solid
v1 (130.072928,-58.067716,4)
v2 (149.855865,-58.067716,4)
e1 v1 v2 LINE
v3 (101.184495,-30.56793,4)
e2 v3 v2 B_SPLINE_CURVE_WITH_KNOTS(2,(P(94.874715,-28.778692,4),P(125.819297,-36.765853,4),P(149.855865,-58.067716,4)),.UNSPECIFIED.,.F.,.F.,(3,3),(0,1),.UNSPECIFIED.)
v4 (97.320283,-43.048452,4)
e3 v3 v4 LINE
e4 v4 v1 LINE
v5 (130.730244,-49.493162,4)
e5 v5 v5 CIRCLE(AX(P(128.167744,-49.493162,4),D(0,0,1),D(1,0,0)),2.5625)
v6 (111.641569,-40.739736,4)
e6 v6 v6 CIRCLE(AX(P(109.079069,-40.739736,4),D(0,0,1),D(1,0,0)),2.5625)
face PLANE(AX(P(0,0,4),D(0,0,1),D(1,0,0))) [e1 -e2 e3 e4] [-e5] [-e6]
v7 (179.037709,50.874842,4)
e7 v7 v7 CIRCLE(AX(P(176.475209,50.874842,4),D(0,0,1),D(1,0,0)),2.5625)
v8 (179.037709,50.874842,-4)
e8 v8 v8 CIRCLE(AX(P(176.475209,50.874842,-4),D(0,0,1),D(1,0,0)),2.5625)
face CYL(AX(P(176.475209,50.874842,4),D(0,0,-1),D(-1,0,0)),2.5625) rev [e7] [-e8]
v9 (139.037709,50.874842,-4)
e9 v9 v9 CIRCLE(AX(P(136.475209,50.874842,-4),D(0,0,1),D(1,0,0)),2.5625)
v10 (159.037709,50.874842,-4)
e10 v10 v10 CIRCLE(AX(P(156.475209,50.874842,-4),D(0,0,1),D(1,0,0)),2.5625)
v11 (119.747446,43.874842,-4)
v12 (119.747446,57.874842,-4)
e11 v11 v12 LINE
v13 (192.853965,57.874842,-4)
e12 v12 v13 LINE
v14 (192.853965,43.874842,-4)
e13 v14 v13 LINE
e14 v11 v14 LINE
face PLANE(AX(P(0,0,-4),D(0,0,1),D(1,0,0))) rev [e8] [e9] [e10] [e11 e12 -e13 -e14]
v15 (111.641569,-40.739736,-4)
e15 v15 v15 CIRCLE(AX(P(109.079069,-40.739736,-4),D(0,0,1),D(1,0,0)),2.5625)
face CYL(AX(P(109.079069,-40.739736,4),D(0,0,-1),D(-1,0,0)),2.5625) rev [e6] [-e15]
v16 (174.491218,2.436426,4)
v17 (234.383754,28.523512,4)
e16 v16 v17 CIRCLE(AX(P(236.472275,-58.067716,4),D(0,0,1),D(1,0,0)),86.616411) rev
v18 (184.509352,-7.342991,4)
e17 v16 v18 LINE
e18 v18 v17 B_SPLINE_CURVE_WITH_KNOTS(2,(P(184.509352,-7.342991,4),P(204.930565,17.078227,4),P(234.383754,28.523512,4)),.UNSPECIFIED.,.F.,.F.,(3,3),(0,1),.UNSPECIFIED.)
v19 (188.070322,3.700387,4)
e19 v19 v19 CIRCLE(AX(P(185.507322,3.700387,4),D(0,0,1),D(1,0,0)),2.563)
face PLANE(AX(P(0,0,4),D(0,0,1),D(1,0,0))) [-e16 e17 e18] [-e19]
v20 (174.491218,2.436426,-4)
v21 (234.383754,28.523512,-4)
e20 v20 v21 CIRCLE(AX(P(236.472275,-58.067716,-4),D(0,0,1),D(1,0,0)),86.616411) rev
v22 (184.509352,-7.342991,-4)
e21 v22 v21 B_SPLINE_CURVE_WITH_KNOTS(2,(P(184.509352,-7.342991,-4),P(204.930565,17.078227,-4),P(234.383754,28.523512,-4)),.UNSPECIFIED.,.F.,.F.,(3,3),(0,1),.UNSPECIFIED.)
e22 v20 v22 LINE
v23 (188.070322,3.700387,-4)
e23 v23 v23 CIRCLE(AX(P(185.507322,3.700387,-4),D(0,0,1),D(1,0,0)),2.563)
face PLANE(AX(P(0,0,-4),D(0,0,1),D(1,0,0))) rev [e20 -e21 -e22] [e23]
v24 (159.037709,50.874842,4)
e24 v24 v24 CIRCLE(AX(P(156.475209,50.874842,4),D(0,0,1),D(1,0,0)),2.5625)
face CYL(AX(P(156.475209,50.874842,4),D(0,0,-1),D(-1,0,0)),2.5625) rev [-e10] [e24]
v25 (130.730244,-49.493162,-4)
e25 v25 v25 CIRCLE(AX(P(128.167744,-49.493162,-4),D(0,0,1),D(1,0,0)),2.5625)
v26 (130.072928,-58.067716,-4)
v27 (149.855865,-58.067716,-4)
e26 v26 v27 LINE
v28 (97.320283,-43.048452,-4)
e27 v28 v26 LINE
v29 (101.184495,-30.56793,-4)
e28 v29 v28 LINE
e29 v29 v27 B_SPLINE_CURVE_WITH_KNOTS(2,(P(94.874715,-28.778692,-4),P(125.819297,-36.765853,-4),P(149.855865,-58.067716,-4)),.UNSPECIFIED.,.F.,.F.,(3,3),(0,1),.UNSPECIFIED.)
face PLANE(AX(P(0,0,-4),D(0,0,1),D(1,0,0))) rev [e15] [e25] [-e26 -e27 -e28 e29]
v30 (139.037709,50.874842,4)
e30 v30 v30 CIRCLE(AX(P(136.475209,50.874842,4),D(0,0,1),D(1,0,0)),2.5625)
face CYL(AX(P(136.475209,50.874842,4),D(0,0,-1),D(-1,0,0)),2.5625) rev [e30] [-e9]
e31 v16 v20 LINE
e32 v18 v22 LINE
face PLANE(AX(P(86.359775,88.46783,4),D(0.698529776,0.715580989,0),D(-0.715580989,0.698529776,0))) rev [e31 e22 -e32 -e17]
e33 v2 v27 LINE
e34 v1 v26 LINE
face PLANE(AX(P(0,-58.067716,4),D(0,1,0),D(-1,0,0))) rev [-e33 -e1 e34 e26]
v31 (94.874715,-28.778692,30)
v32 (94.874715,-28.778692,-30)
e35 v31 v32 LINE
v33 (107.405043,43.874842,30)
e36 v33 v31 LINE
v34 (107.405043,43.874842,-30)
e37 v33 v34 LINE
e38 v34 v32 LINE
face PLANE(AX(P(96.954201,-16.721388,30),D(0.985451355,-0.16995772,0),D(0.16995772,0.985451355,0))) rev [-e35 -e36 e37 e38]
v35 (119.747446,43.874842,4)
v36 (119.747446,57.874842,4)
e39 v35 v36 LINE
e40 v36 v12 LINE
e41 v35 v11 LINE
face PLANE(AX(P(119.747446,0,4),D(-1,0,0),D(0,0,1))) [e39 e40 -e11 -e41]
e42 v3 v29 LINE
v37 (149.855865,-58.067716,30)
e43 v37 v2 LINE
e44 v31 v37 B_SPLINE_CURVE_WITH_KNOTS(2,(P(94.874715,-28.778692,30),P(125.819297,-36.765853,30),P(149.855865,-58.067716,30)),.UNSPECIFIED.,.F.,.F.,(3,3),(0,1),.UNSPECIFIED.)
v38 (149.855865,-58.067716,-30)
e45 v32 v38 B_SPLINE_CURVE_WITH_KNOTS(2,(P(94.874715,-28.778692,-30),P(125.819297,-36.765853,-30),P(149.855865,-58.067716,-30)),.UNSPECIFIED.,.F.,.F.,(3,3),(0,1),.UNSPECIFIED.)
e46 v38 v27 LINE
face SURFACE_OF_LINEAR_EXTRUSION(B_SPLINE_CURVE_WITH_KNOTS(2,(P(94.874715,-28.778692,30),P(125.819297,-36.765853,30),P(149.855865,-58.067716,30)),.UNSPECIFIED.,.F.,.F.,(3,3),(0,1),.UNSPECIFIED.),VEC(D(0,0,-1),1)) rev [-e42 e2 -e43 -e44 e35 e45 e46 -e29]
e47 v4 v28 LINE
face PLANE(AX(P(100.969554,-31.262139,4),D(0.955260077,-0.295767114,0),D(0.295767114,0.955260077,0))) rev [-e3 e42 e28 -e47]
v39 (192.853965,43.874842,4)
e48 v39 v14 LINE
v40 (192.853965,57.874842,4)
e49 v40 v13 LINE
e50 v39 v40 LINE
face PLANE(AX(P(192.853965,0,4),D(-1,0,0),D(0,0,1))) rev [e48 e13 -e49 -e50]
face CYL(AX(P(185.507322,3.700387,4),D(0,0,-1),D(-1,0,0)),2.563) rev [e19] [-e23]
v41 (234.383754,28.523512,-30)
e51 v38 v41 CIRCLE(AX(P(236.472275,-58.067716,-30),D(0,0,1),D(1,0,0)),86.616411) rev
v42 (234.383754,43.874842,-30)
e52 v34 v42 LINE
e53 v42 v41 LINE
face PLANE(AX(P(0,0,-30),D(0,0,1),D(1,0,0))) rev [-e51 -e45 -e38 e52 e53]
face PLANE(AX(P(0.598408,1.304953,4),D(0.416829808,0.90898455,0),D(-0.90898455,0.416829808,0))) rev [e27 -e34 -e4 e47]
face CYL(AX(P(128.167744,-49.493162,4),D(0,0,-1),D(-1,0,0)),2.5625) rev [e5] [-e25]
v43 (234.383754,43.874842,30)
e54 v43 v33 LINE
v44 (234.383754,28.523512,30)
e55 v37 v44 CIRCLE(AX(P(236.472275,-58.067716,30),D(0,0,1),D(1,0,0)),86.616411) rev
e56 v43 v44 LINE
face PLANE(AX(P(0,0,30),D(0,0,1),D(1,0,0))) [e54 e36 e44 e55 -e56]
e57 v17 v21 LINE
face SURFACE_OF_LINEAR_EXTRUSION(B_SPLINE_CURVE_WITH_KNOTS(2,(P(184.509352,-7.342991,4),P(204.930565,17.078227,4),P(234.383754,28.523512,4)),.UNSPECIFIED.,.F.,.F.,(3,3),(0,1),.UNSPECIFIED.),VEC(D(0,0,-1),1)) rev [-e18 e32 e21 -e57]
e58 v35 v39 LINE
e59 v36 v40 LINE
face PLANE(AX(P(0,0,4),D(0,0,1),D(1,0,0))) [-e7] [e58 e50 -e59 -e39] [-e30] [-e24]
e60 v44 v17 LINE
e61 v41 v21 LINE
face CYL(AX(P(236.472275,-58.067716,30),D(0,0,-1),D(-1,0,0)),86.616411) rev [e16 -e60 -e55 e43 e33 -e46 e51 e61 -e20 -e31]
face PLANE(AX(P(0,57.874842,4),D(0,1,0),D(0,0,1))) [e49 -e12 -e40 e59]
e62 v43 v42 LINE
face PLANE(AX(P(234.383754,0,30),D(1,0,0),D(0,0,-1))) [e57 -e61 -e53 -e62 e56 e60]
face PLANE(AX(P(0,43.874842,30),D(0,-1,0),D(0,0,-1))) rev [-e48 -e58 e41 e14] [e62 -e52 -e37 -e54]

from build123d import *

# Parameters (mm, degrees)
RIGHT_MAIN_DEPTH    = 30
SKETCH2_R           = 2.5625
SKETCH2_R_2         = 2.563
RIGHTSCREWS_DEPTH   = 4
LEFT_MAIN_START     = -30
LEFT_MAIN_DEPTH     = 30
BOSS_EXTRUDE4_START = -4
LEFTSCRWS_R         = 2.5625
LEFTSCRWS_R_2       = 2.563
BOSS_EXTRUDE4_DEPTH = 4


with BuildPart() as part:
    # Sketch1 → right_main (new body)
    with BuildSketch(Plane.XY):
        with BuildLine():
            Line((107.405043491, 43.874842), (94.874715104, -28.778692489))
            add(Edge.make_bspline(
                [(94.874715104, -28.778692489), (125.81929731, -36.765852729), (149.855864514, -58.067716007)],
                knots=[0, 0, 0, 1, 1, 1], degree=2))
            Line((149.855864514, -58.067716007), (149.855864514, 43.874842))
            Line((149.855864514, 43.874842), (107.405043491, 43.874842))
        make_face()
        Polygon((149.855864514, 43.874842), (149.855864514, 28.52351163), (234.383754043, 28.52351163), (234.383754043, 43.874842), (192.853964769, 43.874842), align=None)
        with BuildLine():
            Line((149.855864514, 28.52351163), (149.855864514, -58.067716007))
            ThreePointArc((149.855864514, -58.067716007), (156.250771623, -25.404082318), (174.491218383, 2.436426025))
            ThreePointArc((174.491218383, 2.436426025), (201.883813055, 21.342868309), (234.383754043, 28.52351163))
            Line((234.383754043, 28.52351163), (149.855864514, 28.52351163))
        make_face()
    extrude(amount=RIGHT_MAIN_DEPTH)

    # Sketch2 → rightScrews (add)
    # profile 1 of 3: a face of its own
    with BuildSketch(Plane.XY):
        Polygon((119.747446117, 43.874842), (149.855864514, 43.874842), (192.853964769, 43.874842), (192.853964769, 57.874842), (119.747446117, 57.874842), align=None)
        with Locations((136.47520886, 50.874842)):
            Circle(SKETCH2_R, mode=Mode.SUBTRACT)
        with Locations((156.47520886, 50.874842)):
            Circle(SKETCH2_R, mode=Mode.SUBTRACT)
        with Locations((176.47520886, 50.874842)):
            Circle(SKETCH2_R, mode=Mode.SUBTRACT)
    # profile 2 of 3: a face of its own
    with BuildSketch(Plane.XY):
        with BuildLine():
            ThreePointArc((234.383754043, 28.52351163), (201.883813055, 21.342868309), (174.491218383, 2.436426025))
            Line((174.491218383, 2.436426025), (184.509352234, -7.342990836))
            add(Edge.make_bspline(
                [(184.509352234, -7.342990836), (204.930565052, 17.078226951), (234.383754043, 28.52351163)],
                knots=[0, 0, 0, 1, 1, 1], degree=2))
        make_face()
        with Locations((185.50732181, 3.700386733)):
            Circle(SKETCH2_R_2, mode=Mode.SUBTRACT)
    # profile 3 of 3: a face of its own
    with BuildSketch(Plane.XY):
        with BuildLine():
            Line((130.072927577, -58.067716007), (149.855864514, -58.067716007))
            add(Edge.make_bspline(
                [(101.184495321, -30.567929509), (128.298436124, -38.962933352), (149.855864514, -58.067716007)],
                knots=[0.103140303, 0.103140303, 0.103140303, 1, 1, 1], degree=2))
            Line((101.184495321, -30.567929509), (97.320282555, -43.048452225))
            Line((97.320282555, -43.048452225), (130.072927577, -58.067716007))
        make_face()
        with Locations((128.167744084, -49.493161828)):
            Circle(SKETCH2_R, mode=Mode.SUBTRACT)
        with Locations((109.079068542, -40.739735867)):
            Circle(SKETCH2_R, mode=Mode.SUBTRACT)
    extrude(amount=RIGHTSCREWS_DEPTH)

    # Sketch3 → left_main (add)
    with BuildSketch(Plane.XY.offset(LEFT_MAIN_START)):
        Polygon((149.855864514, 43.874842), (149.855864514, 28.52351163), (234.383754043, 28.52351163), (234.383754043, 43.874842), (192.853964769, 43.874842), align=None)
        with BuildLine():
            Line((107.405043491, 43.874842), (94.874715104, -28.778692489))
            add(Edge.make_bspline(
                [(94.874715104, -28.778692489), (125.81929731, -36.765852729), (149.855864514, -58.067716007)],
                knots=[0, 0, 0, 1, 1, 1], degree=2))
            Line((149.855864514, -58.067716007), (149.855864514, 43.874842))
            Line((149.855864514, 43.874842), (107.405043491, 43.874842))
        make_face()
        with BuildLine():
            Line((149.855864514, 28.52351163), (149.855864514, -58.067716007))
            ThreePointArc((149.855864514, -58.067716007), (156.250771623, -25.404082318), (174.491218383, 2.436426025))
            ThreePointArc((174.491218383, 2.436426025), (201.883813055, 21.342868309), (234.383754043, 28.52351163))
            Line((234.383754043, 28.52351163), (149.855864514, 28.52351163))
        make_face()
    extrude(amount=LEFT_MAIN_DEPTH)

    # leftScrws → Boss-Extrude4 (add)
    # profile 1 of 3: a face of its own
    with BuildSketch(Plane.XY.offset(BOSS_EXTRUDE4_START)):
        Polygon((119.747446117, 43.874842), (149.855864514, 43.874842), (192.853964769, 43.874842), (192.853964769, 57.874842), (119.747446117, 57.874842), align=None)
        with Locations((136.47520886, 50.874842)):
            Circle(LEFTSCRWS_R, mode=Mode.SUBTRACT)
        with Locations((156.47520886, 50.874842)):
            Circle(LEFTSCRWS_R, mode=Mode.SUBTRACT)
        with Locations((176.47520886, 50.874842)):
            Circle(LEFTSCRWS_R, mode=Mode.SUBTRACT)
    # profile 2 of 3: a face of its own
    with BuildSketch(Plane.XY.offset(BOSS_EXTRUDE4_START)):
        with BuildLine():
            Line((130.072927577, -58.067716007), (149.855864514, -58.067716007))
            add(Edge.make_bspline(
                [(101.184495321, -30.567929509), (128.298436124, -38.962933352), (149.855864514, -58.067716007)],
                knots=[0.103140303, 0.103140303, 0.103140303, 1, 1, 1], degree=2))
            Line((101.184495321, -30.567929509), (97.320282555, -43.048452225))
            Line((97.320282555, -43.048452225), (130.072927577, -58.067716007))
        make_face()
        with Locations((128.167744084, -49.493161828)):
            Circle(LEFTSCRWS_R, mode=Mode.SUBTRACT)
        with Locations((109.079068542, -40.739735867)):
            Circle(LEFTSCRWS_R, mode=Mode.SUBTRACT)
    # profile 3 of 3: a face of its own
    with BuildSketch(Plane.XY.offset(BOSS_EXTRUDE4_START)):
        with BuildLine():
            ThreePointArc((234.383754043, 28.52351163), (201.883813055, 21.342868309), (174.491218383, 2.436426025))
            Line((174.491218383, 2.436426025), (184.509352234, -7.342990836))
            add(Edge.make_bspline(
                [(184.509352234, -7.342990836), (204.930565052, 17.078226951), (234.383754043, 28.52351163)],
                knots=[0, 0, 0, 1, 1, 1], degree=2))
        make_face()
        with Locations((185.50732181, 3.700386733)):
            Circle(LEFTSCRWS_R_2, mode=Mode.SUBTRACT)
    extrude(amount=BOSS_EXTRUDE4_DEPTH)


solid = part.part
